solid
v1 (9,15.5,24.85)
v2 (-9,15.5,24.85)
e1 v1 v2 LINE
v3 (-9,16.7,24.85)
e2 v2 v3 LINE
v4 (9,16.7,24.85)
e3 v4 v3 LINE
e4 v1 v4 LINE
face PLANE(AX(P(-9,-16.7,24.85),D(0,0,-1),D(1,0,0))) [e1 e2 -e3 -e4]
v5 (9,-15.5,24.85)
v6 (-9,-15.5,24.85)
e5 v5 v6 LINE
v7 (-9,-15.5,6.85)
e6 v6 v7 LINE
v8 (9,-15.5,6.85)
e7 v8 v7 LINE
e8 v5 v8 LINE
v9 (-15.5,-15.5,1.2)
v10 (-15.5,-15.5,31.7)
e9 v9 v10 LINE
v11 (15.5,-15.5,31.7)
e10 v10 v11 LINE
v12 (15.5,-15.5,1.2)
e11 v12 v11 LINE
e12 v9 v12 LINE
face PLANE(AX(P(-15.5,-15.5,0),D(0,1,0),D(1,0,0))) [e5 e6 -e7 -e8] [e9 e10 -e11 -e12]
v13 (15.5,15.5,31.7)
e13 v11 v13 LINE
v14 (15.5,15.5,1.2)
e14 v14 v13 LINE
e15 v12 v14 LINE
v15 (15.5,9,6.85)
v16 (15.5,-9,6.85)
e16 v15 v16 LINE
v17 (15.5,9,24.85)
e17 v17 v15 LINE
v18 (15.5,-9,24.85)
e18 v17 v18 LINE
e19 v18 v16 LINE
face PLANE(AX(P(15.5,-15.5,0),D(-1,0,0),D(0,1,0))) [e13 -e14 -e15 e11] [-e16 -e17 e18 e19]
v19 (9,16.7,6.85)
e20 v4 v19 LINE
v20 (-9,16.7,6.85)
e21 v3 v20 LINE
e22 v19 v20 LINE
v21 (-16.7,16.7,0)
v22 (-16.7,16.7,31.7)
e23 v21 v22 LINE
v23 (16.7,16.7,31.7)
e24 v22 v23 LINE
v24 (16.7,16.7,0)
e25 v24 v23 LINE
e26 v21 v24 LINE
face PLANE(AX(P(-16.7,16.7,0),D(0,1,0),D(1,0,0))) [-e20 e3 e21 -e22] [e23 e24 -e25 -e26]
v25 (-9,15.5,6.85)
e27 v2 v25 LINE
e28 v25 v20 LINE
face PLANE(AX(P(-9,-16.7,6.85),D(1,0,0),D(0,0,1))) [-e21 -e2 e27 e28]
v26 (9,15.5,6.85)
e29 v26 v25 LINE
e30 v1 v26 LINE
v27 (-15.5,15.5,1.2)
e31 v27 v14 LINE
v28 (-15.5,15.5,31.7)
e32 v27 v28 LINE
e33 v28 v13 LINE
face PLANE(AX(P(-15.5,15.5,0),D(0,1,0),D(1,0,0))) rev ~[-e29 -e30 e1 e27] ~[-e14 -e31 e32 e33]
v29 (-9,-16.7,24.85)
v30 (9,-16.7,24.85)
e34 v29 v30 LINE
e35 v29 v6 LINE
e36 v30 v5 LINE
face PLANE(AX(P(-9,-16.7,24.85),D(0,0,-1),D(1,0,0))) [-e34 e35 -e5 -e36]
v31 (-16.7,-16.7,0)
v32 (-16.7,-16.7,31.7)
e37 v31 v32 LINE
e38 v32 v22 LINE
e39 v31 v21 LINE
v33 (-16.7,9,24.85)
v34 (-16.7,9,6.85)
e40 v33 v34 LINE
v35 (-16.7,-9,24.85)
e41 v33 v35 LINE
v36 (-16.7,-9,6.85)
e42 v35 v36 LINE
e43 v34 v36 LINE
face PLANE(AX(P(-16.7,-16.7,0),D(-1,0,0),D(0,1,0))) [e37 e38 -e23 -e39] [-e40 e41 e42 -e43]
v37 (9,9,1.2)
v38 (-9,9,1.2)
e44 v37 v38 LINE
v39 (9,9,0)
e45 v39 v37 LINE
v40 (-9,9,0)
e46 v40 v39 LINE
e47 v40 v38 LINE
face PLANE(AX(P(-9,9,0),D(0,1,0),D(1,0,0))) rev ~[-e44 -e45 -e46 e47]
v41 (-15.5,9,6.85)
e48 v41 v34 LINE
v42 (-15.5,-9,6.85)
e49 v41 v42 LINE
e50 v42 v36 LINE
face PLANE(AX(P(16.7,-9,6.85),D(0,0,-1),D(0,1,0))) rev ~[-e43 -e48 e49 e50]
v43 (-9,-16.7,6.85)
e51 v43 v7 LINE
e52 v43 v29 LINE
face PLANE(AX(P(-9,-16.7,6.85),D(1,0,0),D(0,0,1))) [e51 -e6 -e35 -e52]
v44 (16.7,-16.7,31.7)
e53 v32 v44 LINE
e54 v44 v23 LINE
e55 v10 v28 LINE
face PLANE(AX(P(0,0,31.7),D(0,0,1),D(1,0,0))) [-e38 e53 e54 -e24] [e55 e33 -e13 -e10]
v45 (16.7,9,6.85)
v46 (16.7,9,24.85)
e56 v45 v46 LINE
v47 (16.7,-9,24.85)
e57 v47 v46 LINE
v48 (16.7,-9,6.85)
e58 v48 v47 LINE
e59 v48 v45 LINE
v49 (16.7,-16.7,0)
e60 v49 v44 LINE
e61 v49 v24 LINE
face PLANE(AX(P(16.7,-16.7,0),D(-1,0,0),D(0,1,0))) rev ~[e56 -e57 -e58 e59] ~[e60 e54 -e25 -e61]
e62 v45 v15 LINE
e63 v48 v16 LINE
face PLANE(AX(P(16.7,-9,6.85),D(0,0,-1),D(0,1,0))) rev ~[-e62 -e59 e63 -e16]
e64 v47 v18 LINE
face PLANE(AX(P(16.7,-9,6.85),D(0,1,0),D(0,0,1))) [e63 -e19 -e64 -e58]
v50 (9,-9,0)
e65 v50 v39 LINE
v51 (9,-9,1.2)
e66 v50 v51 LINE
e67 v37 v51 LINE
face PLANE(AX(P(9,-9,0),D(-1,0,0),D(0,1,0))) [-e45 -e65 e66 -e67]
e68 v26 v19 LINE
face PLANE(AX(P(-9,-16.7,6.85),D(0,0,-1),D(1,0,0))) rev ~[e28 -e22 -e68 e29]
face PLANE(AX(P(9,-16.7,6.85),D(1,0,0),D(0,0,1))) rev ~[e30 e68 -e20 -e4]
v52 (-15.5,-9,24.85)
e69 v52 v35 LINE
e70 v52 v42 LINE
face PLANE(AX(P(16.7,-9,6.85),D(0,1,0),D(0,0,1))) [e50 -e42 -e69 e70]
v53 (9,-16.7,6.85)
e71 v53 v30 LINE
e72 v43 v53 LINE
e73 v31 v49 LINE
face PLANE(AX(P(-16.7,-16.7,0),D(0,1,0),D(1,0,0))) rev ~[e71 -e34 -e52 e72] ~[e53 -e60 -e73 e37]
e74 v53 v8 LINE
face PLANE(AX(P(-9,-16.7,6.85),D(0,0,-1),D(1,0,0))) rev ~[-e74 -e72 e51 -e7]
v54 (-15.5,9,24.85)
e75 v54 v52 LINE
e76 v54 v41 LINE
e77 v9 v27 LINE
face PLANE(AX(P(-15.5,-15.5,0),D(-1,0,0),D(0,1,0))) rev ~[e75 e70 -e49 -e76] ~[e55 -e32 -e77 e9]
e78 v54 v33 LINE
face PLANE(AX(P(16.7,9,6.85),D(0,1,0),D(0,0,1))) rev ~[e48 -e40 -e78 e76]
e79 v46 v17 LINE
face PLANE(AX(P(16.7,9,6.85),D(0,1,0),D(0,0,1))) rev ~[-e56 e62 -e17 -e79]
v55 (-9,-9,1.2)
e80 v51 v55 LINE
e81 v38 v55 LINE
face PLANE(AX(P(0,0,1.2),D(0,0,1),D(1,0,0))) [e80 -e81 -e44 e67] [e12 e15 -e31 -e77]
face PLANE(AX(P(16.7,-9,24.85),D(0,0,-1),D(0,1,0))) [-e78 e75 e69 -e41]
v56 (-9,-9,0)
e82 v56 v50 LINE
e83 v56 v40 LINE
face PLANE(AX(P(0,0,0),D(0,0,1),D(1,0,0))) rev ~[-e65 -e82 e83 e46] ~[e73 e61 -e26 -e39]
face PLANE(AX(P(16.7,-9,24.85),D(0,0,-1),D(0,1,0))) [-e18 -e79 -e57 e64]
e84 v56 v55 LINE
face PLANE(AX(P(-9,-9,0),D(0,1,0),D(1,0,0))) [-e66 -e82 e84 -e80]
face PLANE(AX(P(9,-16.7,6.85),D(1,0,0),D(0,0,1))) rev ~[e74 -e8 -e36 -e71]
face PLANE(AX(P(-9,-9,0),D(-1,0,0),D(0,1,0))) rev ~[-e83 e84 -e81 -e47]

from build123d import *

# Parameters (mm, degrees)
F0_W     = 33.4
F0_H     = 33.4
F0_W_2   = 31
F0_H_2   = 31
F1_DEPTH = 31.7
F2_DEPTH = 1.2
F3_W     = 18
F3_H     = 18
F4_DEPTH = 33.401
F5_W     = 18
F5_H     = 18
F6_DEPTH = 33.401
F7_W     = 18
F7_H     = 18
F8_DEPTH = 31.701


with BuildPart() as f1:
    # F0 (on Top) → F1 (new body)
    with BuildSketch(Plane.XY):
        Rectangle(F0_W, F0_H)
        Rectangle(F0_W_2, F0_H_2, mode=Mode.SUBTRACT)
    extrude(amount=F1_DEPTH)

    # F0 (on Top) → F2 (join)
    with BuildSketch(Plane.XY):
        Rectangle(F0_W_2, F0_H_2)
    extrude(amount=F2_DEPTH)

    # F3 (on face) → F4 (cut, through all)
    with BuildSketch(Plane.XZ.offset(16.7)):
        with Locations((0, 15.85)):
            Rectangle(F3_W, F3_H)
    extrude(amount=-F4_DEPTH, mode=Mode.SUBTRACT)

    # F5 (on face) → F6 (cut, through all)
    with BuildSketch(Plane.YZ.offset(16.7)):
        with Locations((0, 15.85)):
            Rectangle(F5_W, F5_H)
    extrude(amount=-F6_DEPTH, mode=Mode.SUBTRACT)

    # F7 (on face) → F8 (cut, through all)
    with BuildSketch(Plane.XY):
        Rectangle(F7_W, F7_H)
    extrude(amount=F8_DEPTH, mode=Mode.SUBTRACT)


solid = f1.part
